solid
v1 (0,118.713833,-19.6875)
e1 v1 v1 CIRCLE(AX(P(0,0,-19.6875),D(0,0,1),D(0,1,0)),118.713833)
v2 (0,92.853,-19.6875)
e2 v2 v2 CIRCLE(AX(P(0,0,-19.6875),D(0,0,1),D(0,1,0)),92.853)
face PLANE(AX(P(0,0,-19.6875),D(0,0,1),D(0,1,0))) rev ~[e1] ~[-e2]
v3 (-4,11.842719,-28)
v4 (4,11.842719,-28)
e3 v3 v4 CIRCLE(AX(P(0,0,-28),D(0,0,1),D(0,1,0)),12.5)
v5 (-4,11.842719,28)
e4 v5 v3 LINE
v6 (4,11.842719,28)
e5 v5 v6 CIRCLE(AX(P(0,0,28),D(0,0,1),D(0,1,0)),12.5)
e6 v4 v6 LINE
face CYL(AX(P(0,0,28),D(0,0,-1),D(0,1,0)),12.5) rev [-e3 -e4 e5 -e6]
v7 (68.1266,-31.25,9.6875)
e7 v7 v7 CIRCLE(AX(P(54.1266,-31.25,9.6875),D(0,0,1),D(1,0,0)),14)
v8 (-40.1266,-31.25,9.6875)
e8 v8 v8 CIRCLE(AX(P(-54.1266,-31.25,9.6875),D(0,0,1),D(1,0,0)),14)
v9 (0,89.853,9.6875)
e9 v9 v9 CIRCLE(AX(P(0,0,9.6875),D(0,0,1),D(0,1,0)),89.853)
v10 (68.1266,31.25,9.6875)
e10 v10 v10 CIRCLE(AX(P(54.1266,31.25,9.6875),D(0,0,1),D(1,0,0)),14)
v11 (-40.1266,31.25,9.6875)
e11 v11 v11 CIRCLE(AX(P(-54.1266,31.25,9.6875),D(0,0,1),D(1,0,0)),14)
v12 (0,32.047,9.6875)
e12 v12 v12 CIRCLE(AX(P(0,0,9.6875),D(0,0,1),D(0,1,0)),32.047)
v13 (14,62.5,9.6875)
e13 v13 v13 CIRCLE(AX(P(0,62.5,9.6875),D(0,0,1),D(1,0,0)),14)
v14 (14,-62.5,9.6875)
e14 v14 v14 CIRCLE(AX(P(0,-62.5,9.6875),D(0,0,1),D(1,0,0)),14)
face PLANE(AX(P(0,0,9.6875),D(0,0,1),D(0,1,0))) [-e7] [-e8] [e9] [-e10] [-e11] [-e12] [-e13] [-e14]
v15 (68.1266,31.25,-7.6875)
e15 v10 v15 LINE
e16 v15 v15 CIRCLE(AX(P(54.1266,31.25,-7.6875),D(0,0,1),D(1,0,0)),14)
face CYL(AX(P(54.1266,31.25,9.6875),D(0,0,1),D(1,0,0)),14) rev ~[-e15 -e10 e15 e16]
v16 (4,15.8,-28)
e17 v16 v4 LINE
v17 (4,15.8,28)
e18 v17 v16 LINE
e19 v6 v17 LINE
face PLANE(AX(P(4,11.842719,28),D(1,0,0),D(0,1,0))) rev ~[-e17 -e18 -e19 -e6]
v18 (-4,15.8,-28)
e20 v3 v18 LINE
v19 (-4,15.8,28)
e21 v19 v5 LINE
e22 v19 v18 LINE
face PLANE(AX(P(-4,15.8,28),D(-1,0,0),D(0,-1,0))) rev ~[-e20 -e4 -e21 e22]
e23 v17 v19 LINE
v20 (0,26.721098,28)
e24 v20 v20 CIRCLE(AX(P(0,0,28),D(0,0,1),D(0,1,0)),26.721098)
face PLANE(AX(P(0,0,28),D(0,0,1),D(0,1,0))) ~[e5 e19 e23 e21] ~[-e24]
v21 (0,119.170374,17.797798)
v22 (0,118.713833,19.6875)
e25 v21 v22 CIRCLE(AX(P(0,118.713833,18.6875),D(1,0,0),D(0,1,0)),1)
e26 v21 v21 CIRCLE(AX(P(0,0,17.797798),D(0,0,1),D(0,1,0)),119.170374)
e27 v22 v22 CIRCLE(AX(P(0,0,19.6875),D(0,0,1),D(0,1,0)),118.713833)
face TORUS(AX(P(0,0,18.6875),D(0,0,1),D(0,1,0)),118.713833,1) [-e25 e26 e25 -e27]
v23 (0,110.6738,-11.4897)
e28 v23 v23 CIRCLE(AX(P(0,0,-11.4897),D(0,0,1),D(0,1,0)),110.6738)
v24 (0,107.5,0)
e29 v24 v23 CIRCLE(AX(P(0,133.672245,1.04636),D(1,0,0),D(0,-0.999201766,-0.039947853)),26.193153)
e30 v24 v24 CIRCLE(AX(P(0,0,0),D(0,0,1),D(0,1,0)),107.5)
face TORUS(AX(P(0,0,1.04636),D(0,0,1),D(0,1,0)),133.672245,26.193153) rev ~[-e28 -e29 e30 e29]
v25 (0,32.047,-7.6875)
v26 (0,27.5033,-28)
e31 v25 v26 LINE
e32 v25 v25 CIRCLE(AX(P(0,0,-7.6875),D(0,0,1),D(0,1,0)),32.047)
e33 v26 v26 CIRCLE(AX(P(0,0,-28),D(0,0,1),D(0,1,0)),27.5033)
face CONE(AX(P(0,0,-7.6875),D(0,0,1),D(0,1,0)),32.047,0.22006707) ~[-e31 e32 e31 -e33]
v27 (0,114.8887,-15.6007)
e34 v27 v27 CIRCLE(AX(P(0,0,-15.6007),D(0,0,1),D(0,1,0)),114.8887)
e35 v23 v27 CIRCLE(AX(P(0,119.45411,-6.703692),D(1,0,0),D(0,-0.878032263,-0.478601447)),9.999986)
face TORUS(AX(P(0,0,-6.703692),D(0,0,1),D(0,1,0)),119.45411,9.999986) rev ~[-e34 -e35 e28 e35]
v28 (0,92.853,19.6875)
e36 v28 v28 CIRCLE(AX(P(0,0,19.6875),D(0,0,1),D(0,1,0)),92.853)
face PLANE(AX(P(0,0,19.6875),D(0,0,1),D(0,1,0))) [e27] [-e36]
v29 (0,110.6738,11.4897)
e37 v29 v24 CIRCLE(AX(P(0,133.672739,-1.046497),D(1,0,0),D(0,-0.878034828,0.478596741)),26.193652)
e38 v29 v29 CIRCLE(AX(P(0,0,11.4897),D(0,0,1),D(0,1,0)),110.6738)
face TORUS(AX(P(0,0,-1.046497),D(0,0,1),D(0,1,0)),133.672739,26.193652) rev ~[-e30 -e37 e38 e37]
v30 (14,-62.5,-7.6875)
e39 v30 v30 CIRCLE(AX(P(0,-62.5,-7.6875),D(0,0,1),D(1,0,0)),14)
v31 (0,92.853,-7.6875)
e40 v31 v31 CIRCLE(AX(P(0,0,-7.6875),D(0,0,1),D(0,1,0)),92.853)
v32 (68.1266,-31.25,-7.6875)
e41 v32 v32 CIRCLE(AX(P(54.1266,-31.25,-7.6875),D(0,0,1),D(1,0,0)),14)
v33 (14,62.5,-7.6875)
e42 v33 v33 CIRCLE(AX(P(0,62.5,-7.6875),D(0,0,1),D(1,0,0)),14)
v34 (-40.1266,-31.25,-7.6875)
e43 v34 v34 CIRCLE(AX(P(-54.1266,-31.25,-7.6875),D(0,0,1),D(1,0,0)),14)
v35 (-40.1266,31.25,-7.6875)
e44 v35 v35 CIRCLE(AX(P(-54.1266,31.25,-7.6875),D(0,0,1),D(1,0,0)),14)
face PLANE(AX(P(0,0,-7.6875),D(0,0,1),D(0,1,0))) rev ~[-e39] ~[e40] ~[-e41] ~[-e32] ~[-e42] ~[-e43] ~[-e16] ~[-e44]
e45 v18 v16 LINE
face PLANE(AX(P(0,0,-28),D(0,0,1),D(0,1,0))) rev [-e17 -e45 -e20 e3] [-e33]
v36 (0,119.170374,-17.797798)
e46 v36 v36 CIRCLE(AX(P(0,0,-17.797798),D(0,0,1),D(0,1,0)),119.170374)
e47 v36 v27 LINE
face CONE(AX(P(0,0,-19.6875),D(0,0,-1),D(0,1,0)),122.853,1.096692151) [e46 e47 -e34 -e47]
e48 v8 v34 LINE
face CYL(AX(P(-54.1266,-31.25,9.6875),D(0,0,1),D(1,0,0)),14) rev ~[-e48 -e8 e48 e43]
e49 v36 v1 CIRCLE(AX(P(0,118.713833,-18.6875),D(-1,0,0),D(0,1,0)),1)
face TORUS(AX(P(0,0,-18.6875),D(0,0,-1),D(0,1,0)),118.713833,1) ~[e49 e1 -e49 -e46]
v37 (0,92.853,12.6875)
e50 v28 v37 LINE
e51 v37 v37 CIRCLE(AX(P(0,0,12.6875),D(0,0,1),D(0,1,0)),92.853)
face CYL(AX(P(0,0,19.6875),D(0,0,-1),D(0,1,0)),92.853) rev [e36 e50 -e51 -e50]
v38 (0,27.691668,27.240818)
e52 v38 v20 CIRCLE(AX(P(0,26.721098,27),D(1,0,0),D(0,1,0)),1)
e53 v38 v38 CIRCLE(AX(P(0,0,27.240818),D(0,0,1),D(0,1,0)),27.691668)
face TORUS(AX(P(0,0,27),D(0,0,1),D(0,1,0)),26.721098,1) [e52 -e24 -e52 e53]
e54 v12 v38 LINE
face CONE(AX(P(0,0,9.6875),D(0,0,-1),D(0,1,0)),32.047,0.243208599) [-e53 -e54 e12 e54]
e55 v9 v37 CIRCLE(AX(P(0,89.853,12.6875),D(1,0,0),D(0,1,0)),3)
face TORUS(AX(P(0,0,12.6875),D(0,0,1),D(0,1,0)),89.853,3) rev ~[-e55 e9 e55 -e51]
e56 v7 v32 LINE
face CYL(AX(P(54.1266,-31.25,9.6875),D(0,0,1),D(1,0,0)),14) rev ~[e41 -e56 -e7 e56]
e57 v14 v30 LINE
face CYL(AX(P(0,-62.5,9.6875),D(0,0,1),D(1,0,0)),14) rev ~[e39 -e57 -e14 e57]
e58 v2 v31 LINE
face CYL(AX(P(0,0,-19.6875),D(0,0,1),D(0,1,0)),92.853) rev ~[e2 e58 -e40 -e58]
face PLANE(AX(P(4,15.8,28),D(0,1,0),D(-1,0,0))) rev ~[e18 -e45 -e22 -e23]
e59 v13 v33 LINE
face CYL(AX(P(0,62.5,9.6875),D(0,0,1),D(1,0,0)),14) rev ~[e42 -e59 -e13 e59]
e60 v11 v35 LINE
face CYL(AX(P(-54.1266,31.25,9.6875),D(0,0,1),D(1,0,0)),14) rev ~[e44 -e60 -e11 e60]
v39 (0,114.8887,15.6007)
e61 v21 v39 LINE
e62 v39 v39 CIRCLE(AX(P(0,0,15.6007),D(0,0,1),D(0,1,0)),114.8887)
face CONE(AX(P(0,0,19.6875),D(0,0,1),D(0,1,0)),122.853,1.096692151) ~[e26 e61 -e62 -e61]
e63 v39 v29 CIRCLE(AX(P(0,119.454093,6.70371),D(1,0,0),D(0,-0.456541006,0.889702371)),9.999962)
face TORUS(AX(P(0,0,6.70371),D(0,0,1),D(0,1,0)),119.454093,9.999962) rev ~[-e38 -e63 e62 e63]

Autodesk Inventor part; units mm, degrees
ref_plane "YZ Plane" through (0, 0, 0) normal (1, 0, 0) x (0, 1, 0)
ref_plane "XZ Plane" through (0, 0, 0) normal (0, 1, 0) x (-1, 0, 0)
ref_plane "XY Plane" through (0, 0, 0) normal (0, 0, 1) x (1, 0, 0)
sketch "Sketch2" plane through (0, 0, 0) normal (1, 0, 0) x (0, 1, 0)
  arc A0 (175, 25) -> (165, 35) centre (165, 25) ccw
  line L0 (175, 25) -> (176.5, 25)
  line L1 (175, 0) -> (175, 1.25)
  line L2 (175, 1.25) -> (176.5, 1.25)
  line L3 (176.5, 25) -> (176.5, 14.375)
  line L4 (176.5, 14.375) -> (175, 14.375)
  line L5 (175, 14.375) -> (175, 11.875)
  line L6 (175, 11.875) -> (176.5, 11.875)
  line L7 (176.5, 1.25) -> (176.5, 11.875)
  line L8 (176.5, 14.375) -> (176.5, 25)
  line L9 (175, 0) -> (175, 1.25)
  line L10 (175, 11.875) -> (175, 14.375)
  line L11 (165, 35) -> (154.375, 35)
  line L12 (154.375, 35) -> (127.853, 19.6875)
  line L13 (154.375, 35) -> (185, 35) construction
  line L14 (127.853, 19.6875) -> (122.853, 19.6875)
  line L15 (112.5, 0) -> (107.5, 0)
  line L16 (122.853, 19.6875) -> (114.8887, 15.6007)
  arc A1 (110.6738, 11.4897) -> (107.5, 0) centre (133.6725, -1.0464) ccw
  arc A2 (114.8887, 15.6007) -> (110.6738, 11.4897) centre (119.4541, 6.7037) ccw
  line L17 (175, -25) -> (176.5, -25)
  arc A3 (165, -35) -> (175, -25) centre (165, -25) ccw
  line L18 (165, -35) -> (154.375, -35)
  line L19 (154.375, -35) -> (185, -35) construction
  line L20 (176.5, -25) -> (176.5, -14.375)
  line L21 (176.5, -14.375) -> (176.5, -25)
  line L22 (176.5, -14.375) -> (175, -14.375)
  line L23 (175, -14.375) -> (175, -11.875)
  line L24 (175, -11.875) -> (175, -14.375)
  line L25 (175, -11.875) -> (176.5, -11.875)
  line L26 (176.5, -1.25) -> (176.5, -11.875)
  arc A4 (107.5, 0) -> (110.6738, -11.4897) centre (133.6725, 1.0464) ccw
  line L27 (154.375, -35) -> (127.853, -19.6875)
  line L28 (122.853, -19.6875) -> (114.8887, -15.6007)
  arc A5 (110.6738, -11.4897) -> (114.8887, -15.6007) centre (119.4541, -6.7037) ccw
  line L29 (127.853, -19.6875) -> (122.853, -19.6875)
  line L30 (175, 0) -> (175, -1.25)
  line L31 (175, 0) -> (175, -1.25)
  line L32 (175, -1.25) -> (176.5, -1.25)
  line L33 (122.853, 19.6875) -> (92.853, 19.6875)
  line L34 (122.853, 19.6875) -> (92.853, 19.6875)
  line L35 (92.853, 19.6875) -> (92.853, 9.6875)
  line L36 (122.853, -19.6875) -> (92.853, -19.6875)
  line L37 (122.853, -19.6875) -> (92.853, -19.6875)
  line L38 (92.853, -19.6875) -> (92.853, -7.6875)
  line L39 (92.853, 9.6875) -> (32.047, 9.6875)
  line L40 (92.853, -7.6875) -> (32.047, -7.6875)
  line L41 (0, -51.8995) -> (0, 51.8995) projected
  line L42 (57.072, 0) -> (42.072, 0) construction
  line L43 (12.5, 28) -> (12.5, 0)
  line L44 (12.5, 28) -> (27.5033, 28)
  line L45 (32.047, 9.6875) -> (27.5033, 28)
  line L46 (12.5, -28) -> (12.5, 0)
  line L47 (12.5, -28) -> (27.5033, -28)
  line L48 (32.047, -7.6875) -> (27.5033, -28)
  point P0 (0, 0)
  point P1 (0, 0)
  point P2 (175, 35)
  point P3 (112.5, 14.375)
  point P4 (175, -35)
  point P5 (112.5, -14.375)
  dimension "d0" = 35
  dimension "d1" = 10
  dimension "d2" = 1.5
  dimension "d3" = 1.25
  dimension "d4" = 2.5
  dimension "d5" = 10.625
  dimension "d6" = 25
  dimension "d8" = 10.625
  dimension "d9" = 150
  dimension "d10" = 5
  dimension "d11" = 5
  dimension "d12" = 10
  dimension "d16" = 30
  dimension "d17" = 10
  dimension "d42" = 9.6875
  dimension "d43" = 28
revolve "Revolution4" add sketch "Sketch2" angle 360 about axis through (0, 0, -10) along (0, 0, 1) contours L16 A2 A1 A4 A5 L28 L36 L38 L40 L48 L47 L46 L43 L44 L45 L39 L35 L33
fillet "Fillet3" radius 1 2 edges at (0, -122.853, 19.6875) (0, -122.853, -19.6875)
fillet "Fillet4" radius 1 1 edges at (0, -27.5033, 28)
fillet "Fillet5" radius 3 1 edges at (0, -92.853, 9.6875)
sketch "Sketch7" plane through (0, 0, 28) normal (0, 0, 1) x (1, 0, 0)
  line L0 (0, 20.9459) -> (0, -15.327) construction
  line L1 (-17.5465, 0) -> (23.0283, 0) construction
  circle A0 centre (0, 0) radius 12.5 projected
  line L2 (-4, 9.2) -> (4, 9.2)
  line L3 (4, 9.2) -> (4, 15.8)
  line L4 (4, 15.8) -> (-4, 15.8)
  line L5 (-4, 15.8) -> (-4, 9.2)
  circle A1 centre (0, 0) radius 12.5 projected
  line L6 (-4, 9.2) -> (4, 15.8) construction
  line L7 (4, 9.2) -> (-4, 15.8) construction
  point P0 (0, 12.5)
  point P1 (-4, 11.8427)
  point P2 (4, 11.8427)
  dimension "d44" = 8
  dimension "d45" = 6.6
extrude "Extrusion3" cut sketch "Sketch7" against normal through all contours A0 L5 L4 L3
sketch "Sketch8" plane through (0, 0, 9.6875) normal (0, 0, 1) x (1, 0, 0)
  line L0 (0, 146.8411) -> (0, -146.8411) construction
  line L1 (-174.8003, 0) -> (222.353, 0) construction
  circle A0 centre (0, 0) radius 62.5 construction
  circle A1 centre (0, 62.5) radius 14
  circle A2 centre (-54.1266, 31.25) radius 14
  circle A3 centre (-54.1266, -31.25) radius 14
  circle A4 centre (0, -62.5) radius 14
  circle A5 centre (54.1266, -31.25) radius 14
  circle A6 centre (54.1266, 31.25) radius 14
  dimension "d48" = 125
  dimension "d49" = 28
  dimension "d52" = 360
extrude "Extrusion4" cut sketch "Sketch8" against normal through all
properties part number "wheel" material "Steel, Alloy"
